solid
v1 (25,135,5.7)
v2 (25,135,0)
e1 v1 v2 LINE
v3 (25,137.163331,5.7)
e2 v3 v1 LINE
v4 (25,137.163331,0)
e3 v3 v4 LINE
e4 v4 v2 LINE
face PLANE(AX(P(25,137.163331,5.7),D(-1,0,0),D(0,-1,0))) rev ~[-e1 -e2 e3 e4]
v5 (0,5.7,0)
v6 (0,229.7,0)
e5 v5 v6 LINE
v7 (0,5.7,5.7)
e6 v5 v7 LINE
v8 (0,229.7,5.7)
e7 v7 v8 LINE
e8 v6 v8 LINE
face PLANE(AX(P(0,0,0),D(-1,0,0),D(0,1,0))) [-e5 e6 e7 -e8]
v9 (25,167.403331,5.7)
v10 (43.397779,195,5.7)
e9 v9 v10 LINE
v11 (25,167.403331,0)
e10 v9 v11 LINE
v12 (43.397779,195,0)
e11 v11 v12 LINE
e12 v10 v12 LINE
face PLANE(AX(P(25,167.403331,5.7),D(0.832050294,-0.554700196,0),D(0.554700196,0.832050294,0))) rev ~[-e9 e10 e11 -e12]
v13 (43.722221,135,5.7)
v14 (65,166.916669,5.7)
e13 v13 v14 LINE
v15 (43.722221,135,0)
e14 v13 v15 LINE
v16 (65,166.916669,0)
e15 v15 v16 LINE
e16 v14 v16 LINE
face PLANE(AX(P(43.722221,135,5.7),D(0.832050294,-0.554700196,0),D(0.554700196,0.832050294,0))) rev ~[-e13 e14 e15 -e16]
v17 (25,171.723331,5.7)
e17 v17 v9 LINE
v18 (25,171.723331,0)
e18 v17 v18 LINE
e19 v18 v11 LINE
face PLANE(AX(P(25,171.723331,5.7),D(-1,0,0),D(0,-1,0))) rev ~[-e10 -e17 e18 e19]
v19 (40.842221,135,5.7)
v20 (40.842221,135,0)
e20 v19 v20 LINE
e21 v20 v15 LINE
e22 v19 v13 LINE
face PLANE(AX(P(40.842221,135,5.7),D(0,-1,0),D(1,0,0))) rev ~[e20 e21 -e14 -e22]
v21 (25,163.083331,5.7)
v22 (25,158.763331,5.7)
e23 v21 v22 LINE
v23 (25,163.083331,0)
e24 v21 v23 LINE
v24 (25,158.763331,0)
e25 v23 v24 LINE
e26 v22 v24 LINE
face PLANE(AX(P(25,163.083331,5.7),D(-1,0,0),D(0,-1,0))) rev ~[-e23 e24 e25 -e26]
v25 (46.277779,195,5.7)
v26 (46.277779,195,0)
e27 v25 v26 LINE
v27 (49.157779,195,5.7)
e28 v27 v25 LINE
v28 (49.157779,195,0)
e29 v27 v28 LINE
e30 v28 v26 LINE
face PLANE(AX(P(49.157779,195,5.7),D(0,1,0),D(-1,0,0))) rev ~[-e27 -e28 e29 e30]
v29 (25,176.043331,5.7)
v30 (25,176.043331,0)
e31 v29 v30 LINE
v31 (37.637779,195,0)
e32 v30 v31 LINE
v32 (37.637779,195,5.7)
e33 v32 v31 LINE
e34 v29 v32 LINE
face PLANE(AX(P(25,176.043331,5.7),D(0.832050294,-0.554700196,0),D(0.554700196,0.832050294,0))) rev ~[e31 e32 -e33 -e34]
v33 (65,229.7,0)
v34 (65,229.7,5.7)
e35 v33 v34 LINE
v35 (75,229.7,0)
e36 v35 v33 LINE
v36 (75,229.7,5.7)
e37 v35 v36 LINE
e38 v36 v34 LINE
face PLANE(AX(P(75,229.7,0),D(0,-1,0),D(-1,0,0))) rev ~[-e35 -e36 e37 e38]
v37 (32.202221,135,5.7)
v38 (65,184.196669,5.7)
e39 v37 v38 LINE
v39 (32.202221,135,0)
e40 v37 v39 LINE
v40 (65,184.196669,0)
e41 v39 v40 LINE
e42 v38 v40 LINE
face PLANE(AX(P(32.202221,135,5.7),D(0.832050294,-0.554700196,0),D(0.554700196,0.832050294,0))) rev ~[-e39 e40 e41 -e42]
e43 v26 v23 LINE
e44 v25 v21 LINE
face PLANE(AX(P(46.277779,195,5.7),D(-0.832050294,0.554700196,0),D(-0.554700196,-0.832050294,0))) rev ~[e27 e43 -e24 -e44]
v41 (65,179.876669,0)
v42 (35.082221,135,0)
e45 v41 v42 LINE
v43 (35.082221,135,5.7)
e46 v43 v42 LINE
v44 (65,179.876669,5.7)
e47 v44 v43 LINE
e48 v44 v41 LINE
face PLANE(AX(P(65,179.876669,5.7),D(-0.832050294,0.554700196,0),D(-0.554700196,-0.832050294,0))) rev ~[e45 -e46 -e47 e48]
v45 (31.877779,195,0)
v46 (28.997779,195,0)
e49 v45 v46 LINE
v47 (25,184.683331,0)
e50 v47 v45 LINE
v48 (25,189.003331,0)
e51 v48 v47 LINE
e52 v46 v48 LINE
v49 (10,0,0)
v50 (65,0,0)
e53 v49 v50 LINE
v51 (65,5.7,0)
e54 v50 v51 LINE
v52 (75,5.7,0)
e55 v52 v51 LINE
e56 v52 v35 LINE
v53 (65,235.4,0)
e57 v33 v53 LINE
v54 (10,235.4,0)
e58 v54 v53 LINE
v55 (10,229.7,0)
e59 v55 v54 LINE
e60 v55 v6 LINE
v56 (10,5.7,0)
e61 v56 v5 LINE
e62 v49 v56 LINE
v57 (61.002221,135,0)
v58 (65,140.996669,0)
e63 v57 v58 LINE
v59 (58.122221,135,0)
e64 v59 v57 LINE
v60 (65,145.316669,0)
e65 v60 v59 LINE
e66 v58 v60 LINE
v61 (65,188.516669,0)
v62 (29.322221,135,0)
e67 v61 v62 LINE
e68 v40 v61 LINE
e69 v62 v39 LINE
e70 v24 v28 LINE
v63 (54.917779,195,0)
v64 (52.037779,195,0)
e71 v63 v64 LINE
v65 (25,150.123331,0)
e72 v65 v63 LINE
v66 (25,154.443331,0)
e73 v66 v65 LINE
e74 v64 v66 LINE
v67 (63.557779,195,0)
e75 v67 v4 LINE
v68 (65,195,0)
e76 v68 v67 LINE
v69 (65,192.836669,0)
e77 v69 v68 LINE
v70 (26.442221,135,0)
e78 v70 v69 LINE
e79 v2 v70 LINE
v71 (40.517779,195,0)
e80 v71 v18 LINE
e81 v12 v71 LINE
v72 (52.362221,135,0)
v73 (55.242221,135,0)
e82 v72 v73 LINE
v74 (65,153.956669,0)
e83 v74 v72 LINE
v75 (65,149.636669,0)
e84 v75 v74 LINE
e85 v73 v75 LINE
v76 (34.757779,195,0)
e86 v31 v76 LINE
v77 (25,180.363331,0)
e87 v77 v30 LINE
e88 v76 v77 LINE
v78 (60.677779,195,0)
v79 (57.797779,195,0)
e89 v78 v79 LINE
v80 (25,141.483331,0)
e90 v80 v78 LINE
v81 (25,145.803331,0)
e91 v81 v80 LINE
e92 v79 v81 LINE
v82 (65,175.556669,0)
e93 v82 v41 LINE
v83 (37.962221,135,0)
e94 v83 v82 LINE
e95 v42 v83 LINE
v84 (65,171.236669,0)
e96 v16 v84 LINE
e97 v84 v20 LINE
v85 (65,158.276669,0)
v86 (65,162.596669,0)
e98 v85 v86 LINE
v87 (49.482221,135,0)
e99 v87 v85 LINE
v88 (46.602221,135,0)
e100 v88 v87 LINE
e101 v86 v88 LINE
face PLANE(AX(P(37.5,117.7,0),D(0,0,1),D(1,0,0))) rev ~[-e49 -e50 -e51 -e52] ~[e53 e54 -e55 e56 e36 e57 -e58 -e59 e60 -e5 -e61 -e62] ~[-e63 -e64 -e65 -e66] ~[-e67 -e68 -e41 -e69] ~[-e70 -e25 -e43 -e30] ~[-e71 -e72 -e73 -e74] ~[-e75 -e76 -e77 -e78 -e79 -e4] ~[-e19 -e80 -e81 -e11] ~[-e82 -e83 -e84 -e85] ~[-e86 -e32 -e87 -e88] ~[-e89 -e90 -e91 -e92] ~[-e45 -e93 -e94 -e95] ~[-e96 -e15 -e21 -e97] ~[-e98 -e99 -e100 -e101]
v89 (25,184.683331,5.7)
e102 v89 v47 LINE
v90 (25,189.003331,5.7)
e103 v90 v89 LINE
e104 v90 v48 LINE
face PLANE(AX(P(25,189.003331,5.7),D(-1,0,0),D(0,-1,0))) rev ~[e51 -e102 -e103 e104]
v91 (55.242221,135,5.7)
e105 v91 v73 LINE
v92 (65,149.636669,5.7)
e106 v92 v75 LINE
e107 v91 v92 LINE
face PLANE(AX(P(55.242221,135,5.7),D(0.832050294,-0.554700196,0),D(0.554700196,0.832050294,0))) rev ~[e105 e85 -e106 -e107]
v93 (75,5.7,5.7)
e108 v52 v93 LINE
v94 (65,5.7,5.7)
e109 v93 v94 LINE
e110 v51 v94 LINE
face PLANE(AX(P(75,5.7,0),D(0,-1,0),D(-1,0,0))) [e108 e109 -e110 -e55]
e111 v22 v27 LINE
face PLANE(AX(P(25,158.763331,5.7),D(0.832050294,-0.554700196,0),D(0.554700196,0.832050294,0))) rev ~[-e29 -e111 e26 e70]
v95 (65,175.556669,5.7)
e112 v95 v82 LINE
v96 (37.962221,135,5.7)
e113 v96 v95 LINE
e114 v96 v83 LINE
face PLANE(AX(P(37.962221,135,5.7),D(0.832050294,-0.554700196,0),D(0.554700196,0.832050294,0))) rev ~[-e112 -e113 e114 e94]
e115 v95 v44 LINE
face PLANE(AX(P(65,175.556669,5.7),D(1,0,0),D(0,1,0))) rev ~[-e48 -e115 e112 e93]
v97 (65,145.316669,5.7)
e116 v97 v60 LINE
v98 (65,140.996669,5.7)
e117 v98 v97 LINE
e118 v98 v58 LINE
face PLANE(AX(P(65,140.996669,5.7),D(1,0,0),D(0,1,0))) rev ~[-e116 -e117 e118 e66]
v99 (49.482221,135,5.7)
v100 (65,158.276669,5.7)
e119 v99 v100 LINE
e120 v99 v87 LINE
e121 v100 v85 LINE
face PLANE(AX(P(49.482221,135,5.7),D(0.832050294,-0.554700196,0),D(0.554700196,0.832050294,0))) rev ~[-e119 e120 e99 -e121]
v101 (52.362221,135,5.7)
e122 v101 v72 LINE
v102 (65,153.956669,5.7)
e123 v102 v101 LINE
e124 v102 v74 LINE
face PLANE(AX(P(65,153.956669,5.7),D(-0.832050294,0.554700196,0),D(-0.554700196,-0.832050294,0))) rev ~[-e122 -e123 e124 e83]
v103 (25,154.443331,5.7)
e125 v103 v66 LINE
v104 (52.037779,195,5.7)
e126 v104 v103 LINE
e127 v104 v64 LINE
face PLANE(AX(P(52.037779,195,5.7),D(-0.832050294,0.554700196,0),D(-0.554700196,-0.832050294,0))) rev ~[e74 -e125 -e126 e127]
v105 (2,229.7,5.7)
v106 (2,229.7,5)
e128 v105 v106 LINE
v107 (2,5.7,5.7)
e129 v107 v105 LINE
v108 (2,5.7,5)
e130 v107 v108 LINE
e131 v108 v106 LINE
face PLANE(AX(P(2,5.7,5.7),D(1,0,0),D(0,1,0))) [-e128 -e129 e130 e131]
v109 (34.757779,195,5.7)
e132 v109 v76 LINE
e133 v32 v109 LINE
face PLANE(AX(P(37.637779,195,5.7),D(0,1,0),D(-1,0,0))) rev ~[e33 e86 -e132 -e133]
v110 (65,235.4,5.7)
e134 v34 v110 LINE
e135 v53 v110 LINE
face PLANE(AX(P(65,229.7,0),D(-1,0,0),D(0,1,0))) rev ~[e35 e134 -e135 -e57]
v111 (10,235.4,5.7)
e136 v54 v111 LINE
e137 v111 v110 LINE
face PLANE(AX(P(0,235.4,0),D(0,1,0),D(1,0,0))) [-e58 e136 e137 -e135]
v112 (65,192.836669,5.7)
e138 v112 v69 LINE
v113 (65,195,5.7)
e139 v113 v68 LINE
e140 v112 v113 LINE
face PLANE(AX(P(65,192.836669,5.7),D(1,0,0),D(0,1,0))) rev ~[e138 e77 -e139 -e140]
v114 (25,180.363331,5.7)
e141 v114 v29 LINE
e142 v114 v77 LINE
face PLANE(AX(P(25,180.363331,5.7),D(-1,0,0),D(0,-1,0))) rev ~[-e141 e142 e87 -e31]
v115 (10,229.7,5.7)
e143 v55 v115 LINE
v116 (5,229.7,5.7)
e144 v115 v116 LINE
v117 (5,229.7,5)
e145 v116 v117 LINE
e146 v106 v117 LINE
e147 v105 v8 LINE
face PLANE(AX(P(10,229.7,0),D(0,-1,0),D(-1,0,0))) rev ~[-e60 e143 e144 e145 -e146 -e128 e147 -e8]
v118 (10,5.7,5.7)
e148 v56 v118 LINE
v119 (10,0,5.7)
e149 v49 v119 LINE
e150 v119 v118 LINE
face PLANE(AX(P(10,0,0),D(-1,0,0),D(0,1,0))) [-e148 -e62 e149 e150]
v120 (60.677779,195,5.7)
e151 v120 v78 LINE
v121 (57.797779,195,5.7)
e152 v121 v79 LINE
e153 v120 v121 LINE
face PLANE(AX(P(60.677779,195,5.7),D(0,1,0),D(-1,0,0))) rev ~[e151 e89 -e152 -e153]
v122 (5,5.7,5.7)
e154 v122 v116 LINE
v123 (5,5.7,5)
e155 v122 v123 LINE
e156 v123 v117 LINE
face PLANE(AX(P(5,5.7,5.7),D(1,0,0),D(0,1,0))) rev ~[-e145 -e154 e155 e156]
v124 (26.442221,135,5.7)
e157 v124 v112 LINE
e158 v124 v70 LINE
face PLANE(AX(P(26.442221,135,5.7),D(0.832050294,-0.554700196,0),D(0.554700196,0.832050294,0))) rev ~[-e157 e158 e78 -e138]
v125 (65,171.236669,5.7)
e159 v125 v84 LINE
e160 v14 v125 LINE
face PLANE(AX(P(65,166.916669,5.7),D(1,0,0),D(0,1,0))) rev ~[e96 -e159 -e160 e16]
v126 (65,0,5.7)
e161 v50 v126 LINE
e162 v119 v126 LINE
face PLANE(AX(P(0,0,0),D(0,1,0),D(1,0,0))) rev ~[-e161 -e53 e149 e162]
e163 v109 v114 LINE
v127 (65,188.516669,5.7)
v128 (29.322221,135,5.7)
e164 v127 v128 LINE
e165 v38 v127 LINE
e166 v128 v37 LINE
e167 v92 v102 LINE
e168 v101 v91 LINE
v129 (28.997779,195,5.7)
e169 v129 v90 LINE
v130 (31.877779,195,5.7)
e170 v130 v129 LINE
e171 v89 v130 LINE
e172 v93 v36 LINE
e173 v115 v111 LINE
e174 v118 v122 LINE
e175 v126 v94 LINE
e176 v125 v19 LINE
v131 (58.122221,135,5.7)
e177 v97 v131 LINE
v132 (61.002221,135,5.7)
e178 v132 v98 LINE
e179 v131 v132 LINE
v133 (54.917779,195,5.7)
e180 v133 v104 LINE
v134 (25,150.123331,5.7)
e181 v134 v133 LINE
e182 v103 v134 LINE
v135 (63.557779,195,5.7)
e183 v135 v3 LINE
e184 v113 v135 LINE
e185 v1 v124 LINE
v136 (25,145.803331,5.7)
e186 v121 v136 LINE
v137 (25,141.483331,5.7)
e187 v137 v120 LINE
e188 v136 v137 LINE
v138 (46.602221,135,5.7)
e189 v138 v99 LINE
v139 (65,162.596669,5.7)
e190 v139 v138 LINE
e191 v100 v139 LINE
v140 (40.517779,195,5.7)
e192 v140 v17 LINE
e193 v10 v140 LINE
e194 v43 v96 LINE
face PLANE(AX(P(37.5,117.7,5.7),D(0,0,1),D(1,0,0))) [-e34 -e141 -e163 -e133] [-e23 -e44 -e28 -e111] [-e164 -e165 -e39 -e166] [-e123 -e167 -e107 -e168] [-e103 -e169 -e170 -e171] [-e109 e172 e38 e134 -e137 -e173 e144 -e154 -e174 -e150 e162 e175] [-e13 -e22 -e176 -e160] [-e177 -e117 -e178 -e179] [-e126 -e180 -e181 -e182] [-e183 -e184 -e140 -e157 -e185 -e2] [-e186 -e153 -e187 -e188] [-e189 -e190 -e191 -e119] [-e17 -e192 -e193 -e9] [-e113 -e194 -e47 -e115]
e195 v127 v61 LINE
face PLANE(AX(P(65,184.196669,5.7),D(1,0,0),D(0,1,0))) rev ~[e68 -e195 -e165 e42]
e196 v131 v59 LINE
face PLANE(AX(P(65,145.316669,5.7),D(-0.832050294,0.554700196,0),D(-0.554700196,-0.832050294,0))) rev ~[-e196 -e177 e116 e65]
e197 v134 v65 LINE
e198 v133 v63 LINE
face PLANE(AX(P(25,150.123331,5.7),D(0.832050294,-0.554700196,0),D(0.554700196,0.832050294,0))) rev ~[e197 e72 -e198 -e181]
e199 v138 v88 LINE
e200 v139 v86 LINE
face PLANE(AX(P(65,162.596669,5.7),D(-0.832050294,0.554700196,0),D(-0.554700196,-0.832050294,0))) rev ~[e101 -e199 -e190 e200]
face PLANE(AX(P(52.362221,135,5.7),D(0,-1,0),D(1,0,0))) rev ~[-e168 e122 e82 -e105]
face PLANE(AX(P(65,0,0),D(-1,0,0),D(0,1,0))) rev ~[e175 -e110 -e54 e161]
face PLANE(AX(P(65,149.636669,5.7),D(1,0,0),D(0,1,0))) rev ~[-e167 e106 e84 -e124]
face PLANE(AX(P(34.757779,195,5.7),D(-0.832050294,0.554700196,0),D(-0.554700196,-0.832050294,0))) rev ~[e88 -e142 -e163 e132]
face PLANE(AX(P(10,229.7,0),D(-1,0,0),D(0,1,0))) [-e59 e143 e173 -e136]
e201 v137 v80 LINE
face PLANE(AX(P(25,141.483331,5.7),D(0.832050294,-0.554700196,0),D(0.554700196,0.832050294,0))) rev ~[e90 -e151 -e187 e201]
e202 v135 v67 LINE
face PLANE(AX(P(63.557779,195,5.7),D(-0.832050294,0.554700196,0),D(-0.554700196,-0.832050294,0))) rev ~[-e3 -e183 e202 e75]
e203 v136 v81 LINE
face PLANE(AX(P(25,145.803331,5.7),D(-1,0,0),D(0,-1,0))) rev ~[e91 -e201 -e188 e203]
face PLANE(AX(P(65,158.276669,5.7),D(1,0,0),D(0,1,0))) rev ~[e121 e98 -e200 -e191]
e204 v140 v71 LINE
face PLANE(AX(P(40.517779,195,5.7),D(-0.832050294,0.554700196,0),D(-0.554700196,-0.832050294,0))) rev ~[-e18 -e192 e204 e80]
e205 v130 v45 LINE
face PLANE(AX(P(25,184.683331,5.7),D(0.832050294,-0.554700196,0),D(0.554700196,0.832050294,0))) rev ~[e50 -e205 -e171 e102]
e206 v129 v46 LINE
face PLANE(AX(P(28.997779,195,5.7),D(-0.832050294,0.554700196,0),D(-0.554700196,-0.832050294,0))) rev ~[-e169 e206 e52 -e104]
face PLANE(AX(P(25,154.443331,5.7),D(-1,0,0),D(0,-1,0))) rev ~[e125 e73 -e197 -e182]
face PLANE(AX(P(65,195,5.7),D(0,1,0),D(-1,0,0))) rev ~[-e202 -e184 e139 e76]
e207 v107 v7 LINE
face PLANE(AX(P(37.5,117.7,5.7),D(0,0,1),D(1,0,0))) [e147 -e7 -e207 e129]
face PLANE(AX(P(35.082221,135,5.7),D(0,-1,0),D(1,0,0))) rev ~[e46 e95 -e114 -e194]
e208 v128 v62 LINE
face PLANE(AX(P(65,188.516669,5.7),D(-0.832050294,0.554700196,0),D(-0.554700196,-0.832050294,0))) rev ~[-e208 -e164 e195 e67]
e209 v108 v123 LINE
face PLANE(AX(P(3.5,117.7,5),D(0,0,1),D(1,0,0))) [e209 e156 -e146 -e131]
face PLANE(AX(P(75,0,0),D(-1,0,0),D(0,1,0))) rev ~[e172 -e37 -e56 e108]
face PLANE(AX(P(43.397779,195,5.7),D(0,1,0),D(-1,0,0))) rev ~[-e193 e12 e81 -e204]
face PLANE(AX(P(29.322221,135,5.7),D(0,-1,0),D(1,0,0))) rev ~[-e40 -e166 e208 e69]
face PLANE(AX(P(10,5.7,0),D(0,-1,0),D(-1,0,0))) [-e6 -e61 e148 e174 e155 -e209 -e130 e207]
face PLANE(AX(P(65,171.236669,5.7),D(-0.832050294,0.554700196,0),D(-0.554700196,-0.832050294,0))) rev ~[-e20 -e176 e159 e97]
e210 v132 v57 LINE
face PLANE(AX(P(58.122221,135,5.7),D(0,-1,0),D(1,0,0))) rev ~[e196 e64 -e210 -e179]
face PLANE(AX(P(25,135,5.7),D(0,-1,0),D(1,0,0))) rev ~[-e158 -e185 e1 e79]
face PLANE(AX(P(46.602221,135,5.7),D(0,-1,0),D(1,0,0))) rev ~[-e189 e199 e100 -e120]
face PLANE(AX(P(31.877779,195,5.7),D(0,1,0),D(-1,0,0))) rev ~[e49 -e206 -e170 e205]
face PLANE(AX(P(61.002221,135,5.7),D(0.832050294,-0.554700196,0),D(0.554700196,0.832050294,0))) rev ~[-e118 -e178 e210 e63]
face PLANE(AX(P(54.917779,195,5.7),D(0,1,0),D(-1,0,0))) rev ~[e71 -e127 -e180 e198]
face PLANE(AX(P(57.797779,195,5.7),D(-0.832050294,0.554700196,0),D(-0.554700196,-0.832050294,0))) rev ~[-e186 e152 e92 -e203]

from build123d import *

# Parameters (mm, degrees)
SKETCH1_W           = 75
SKETCH1_H           = 235.4
BOSS_EXTRUDE1_DEPTH = 5.7
SKETCH2_W           = 10
SKETCH2_H           = 5.7
CUT_EXTRUDE1_DEPTH  = 5.7
CUT_EXTRUDE2_DEPTH  = 5.7
SKETCH4_W           = 3
SKETCH4_H           = 224
CUT_EXTRUDE3_DEPTH  = 0.7


with BuildPart() as part:
    # Sketch1 → Boss-Extrude1 (new body)
    with BuildSketch(Plane.XY):
        with Locations((37.5, 117.7)):
            Rectangle(SKETCH1_W, SKETCH1_H)
    extrude(amount=BOSS_EXTRUDE1_DEPTH)

    # Sketch2 → Cut-Extrude1 (cut)
    with BuildSketch(Plane(origin=(0, 0, 0), x_dir=(-1, 0, 0), z_dir=(0, 0, -1))):
        with Locations((-70, 2.85)):
            Rectangle(SKETCH2_W, SKETCH2_H)
        with Locations((-5, 2.85)):
            Rectangle(SKETCH2_W, SKETCH2_H)
        with Locations((-5, 232.55)):
            Rectangle(SKETCH2_W, SKETCH2_H)
        with Locations((-70, 232.55)):
            Rectangle(SKETCH2_W, SKETCH2_H)
    extrude(amount=-CUT_EXTRUDE1_DEPTH, mode=Mode.SUBTRACT)

    # Sketch3 → Cut-Extrude2 (cut)
    with BuildSketch(Plane.XY.offset(5.7)):
        Polygon((65, 195), (63.55777949, 195), (25, 137.163330765), (25, 135), (26.44222051, 135), (65, 192.836669235), align=None)
        Polygon((60.67777949, 195), (57.79777949, 195), (25, 145.803330765), (25, 141.483330765), align=None)
        Polygon((54.91777949, 195), (52.03777949, 195), (25, 154.443330765), (25, 150.123330765), align=None)
        Polygon((49.15777949, 195), (46.27777949, 195), (25, 163.083330765), (25, 158.763330765), align=None)
        Polygon((43.39777949, 195), (40.51777949, 195), (25, 171.723330765), (25, 167.403330765), align=None)
        Polygon((37.63777949, 195), (34.75777949, 195), (25, 180.363330765), (25, 176.043330765), align=None)
        Polygon((31.87777949, 195), (28.99777949, 195), (25, 189.003330765), (25, 184.683330765), align=None)
        Polygon((65, 184.196669235), (65, 188.516669235), (29.32222051, 135), (32.20222051, 135), align=None)
        Polygon((65, 175.556669235), (65, 179.876669235), (35.08222051, 135), (37.96222051, 135), align=None)
        Polygon((65, 166.916669235), (65, 171.236669235), (40.84222051, 135), (43.72222051, 135), align=None)
        Polygon((65, 158.276669235), (65, 162.596669235), (46.60222051, 135), (49.48222051, 135), align=None)
        Polygon((65, 149.636669235), (65, 153.956669235), (52.36222051, 135), (55.24222051, 135), align=None)
        Polygon((65, 140.996669235), (65, 145.316669235), (58.12222051, 135), (61.00222051, 135), align=None)
    extrude(amount=-CUT_EXTRUDE2_DEPTH, mode=Mode.SUBTRACT)

    # Sketch4 → Cut-Extrude3 (cut)
    with BuildSketch(Plane.XY.offset(5.7)):
        with Locations((3.5, 117.7)):
            Rectangle(SKETCH4_W, SKETCH4_H)
    extrude(amount=-CUT_EXTRUDE3_DEPTH, mode=Mode.SUBTRACT)


solid = part.part
